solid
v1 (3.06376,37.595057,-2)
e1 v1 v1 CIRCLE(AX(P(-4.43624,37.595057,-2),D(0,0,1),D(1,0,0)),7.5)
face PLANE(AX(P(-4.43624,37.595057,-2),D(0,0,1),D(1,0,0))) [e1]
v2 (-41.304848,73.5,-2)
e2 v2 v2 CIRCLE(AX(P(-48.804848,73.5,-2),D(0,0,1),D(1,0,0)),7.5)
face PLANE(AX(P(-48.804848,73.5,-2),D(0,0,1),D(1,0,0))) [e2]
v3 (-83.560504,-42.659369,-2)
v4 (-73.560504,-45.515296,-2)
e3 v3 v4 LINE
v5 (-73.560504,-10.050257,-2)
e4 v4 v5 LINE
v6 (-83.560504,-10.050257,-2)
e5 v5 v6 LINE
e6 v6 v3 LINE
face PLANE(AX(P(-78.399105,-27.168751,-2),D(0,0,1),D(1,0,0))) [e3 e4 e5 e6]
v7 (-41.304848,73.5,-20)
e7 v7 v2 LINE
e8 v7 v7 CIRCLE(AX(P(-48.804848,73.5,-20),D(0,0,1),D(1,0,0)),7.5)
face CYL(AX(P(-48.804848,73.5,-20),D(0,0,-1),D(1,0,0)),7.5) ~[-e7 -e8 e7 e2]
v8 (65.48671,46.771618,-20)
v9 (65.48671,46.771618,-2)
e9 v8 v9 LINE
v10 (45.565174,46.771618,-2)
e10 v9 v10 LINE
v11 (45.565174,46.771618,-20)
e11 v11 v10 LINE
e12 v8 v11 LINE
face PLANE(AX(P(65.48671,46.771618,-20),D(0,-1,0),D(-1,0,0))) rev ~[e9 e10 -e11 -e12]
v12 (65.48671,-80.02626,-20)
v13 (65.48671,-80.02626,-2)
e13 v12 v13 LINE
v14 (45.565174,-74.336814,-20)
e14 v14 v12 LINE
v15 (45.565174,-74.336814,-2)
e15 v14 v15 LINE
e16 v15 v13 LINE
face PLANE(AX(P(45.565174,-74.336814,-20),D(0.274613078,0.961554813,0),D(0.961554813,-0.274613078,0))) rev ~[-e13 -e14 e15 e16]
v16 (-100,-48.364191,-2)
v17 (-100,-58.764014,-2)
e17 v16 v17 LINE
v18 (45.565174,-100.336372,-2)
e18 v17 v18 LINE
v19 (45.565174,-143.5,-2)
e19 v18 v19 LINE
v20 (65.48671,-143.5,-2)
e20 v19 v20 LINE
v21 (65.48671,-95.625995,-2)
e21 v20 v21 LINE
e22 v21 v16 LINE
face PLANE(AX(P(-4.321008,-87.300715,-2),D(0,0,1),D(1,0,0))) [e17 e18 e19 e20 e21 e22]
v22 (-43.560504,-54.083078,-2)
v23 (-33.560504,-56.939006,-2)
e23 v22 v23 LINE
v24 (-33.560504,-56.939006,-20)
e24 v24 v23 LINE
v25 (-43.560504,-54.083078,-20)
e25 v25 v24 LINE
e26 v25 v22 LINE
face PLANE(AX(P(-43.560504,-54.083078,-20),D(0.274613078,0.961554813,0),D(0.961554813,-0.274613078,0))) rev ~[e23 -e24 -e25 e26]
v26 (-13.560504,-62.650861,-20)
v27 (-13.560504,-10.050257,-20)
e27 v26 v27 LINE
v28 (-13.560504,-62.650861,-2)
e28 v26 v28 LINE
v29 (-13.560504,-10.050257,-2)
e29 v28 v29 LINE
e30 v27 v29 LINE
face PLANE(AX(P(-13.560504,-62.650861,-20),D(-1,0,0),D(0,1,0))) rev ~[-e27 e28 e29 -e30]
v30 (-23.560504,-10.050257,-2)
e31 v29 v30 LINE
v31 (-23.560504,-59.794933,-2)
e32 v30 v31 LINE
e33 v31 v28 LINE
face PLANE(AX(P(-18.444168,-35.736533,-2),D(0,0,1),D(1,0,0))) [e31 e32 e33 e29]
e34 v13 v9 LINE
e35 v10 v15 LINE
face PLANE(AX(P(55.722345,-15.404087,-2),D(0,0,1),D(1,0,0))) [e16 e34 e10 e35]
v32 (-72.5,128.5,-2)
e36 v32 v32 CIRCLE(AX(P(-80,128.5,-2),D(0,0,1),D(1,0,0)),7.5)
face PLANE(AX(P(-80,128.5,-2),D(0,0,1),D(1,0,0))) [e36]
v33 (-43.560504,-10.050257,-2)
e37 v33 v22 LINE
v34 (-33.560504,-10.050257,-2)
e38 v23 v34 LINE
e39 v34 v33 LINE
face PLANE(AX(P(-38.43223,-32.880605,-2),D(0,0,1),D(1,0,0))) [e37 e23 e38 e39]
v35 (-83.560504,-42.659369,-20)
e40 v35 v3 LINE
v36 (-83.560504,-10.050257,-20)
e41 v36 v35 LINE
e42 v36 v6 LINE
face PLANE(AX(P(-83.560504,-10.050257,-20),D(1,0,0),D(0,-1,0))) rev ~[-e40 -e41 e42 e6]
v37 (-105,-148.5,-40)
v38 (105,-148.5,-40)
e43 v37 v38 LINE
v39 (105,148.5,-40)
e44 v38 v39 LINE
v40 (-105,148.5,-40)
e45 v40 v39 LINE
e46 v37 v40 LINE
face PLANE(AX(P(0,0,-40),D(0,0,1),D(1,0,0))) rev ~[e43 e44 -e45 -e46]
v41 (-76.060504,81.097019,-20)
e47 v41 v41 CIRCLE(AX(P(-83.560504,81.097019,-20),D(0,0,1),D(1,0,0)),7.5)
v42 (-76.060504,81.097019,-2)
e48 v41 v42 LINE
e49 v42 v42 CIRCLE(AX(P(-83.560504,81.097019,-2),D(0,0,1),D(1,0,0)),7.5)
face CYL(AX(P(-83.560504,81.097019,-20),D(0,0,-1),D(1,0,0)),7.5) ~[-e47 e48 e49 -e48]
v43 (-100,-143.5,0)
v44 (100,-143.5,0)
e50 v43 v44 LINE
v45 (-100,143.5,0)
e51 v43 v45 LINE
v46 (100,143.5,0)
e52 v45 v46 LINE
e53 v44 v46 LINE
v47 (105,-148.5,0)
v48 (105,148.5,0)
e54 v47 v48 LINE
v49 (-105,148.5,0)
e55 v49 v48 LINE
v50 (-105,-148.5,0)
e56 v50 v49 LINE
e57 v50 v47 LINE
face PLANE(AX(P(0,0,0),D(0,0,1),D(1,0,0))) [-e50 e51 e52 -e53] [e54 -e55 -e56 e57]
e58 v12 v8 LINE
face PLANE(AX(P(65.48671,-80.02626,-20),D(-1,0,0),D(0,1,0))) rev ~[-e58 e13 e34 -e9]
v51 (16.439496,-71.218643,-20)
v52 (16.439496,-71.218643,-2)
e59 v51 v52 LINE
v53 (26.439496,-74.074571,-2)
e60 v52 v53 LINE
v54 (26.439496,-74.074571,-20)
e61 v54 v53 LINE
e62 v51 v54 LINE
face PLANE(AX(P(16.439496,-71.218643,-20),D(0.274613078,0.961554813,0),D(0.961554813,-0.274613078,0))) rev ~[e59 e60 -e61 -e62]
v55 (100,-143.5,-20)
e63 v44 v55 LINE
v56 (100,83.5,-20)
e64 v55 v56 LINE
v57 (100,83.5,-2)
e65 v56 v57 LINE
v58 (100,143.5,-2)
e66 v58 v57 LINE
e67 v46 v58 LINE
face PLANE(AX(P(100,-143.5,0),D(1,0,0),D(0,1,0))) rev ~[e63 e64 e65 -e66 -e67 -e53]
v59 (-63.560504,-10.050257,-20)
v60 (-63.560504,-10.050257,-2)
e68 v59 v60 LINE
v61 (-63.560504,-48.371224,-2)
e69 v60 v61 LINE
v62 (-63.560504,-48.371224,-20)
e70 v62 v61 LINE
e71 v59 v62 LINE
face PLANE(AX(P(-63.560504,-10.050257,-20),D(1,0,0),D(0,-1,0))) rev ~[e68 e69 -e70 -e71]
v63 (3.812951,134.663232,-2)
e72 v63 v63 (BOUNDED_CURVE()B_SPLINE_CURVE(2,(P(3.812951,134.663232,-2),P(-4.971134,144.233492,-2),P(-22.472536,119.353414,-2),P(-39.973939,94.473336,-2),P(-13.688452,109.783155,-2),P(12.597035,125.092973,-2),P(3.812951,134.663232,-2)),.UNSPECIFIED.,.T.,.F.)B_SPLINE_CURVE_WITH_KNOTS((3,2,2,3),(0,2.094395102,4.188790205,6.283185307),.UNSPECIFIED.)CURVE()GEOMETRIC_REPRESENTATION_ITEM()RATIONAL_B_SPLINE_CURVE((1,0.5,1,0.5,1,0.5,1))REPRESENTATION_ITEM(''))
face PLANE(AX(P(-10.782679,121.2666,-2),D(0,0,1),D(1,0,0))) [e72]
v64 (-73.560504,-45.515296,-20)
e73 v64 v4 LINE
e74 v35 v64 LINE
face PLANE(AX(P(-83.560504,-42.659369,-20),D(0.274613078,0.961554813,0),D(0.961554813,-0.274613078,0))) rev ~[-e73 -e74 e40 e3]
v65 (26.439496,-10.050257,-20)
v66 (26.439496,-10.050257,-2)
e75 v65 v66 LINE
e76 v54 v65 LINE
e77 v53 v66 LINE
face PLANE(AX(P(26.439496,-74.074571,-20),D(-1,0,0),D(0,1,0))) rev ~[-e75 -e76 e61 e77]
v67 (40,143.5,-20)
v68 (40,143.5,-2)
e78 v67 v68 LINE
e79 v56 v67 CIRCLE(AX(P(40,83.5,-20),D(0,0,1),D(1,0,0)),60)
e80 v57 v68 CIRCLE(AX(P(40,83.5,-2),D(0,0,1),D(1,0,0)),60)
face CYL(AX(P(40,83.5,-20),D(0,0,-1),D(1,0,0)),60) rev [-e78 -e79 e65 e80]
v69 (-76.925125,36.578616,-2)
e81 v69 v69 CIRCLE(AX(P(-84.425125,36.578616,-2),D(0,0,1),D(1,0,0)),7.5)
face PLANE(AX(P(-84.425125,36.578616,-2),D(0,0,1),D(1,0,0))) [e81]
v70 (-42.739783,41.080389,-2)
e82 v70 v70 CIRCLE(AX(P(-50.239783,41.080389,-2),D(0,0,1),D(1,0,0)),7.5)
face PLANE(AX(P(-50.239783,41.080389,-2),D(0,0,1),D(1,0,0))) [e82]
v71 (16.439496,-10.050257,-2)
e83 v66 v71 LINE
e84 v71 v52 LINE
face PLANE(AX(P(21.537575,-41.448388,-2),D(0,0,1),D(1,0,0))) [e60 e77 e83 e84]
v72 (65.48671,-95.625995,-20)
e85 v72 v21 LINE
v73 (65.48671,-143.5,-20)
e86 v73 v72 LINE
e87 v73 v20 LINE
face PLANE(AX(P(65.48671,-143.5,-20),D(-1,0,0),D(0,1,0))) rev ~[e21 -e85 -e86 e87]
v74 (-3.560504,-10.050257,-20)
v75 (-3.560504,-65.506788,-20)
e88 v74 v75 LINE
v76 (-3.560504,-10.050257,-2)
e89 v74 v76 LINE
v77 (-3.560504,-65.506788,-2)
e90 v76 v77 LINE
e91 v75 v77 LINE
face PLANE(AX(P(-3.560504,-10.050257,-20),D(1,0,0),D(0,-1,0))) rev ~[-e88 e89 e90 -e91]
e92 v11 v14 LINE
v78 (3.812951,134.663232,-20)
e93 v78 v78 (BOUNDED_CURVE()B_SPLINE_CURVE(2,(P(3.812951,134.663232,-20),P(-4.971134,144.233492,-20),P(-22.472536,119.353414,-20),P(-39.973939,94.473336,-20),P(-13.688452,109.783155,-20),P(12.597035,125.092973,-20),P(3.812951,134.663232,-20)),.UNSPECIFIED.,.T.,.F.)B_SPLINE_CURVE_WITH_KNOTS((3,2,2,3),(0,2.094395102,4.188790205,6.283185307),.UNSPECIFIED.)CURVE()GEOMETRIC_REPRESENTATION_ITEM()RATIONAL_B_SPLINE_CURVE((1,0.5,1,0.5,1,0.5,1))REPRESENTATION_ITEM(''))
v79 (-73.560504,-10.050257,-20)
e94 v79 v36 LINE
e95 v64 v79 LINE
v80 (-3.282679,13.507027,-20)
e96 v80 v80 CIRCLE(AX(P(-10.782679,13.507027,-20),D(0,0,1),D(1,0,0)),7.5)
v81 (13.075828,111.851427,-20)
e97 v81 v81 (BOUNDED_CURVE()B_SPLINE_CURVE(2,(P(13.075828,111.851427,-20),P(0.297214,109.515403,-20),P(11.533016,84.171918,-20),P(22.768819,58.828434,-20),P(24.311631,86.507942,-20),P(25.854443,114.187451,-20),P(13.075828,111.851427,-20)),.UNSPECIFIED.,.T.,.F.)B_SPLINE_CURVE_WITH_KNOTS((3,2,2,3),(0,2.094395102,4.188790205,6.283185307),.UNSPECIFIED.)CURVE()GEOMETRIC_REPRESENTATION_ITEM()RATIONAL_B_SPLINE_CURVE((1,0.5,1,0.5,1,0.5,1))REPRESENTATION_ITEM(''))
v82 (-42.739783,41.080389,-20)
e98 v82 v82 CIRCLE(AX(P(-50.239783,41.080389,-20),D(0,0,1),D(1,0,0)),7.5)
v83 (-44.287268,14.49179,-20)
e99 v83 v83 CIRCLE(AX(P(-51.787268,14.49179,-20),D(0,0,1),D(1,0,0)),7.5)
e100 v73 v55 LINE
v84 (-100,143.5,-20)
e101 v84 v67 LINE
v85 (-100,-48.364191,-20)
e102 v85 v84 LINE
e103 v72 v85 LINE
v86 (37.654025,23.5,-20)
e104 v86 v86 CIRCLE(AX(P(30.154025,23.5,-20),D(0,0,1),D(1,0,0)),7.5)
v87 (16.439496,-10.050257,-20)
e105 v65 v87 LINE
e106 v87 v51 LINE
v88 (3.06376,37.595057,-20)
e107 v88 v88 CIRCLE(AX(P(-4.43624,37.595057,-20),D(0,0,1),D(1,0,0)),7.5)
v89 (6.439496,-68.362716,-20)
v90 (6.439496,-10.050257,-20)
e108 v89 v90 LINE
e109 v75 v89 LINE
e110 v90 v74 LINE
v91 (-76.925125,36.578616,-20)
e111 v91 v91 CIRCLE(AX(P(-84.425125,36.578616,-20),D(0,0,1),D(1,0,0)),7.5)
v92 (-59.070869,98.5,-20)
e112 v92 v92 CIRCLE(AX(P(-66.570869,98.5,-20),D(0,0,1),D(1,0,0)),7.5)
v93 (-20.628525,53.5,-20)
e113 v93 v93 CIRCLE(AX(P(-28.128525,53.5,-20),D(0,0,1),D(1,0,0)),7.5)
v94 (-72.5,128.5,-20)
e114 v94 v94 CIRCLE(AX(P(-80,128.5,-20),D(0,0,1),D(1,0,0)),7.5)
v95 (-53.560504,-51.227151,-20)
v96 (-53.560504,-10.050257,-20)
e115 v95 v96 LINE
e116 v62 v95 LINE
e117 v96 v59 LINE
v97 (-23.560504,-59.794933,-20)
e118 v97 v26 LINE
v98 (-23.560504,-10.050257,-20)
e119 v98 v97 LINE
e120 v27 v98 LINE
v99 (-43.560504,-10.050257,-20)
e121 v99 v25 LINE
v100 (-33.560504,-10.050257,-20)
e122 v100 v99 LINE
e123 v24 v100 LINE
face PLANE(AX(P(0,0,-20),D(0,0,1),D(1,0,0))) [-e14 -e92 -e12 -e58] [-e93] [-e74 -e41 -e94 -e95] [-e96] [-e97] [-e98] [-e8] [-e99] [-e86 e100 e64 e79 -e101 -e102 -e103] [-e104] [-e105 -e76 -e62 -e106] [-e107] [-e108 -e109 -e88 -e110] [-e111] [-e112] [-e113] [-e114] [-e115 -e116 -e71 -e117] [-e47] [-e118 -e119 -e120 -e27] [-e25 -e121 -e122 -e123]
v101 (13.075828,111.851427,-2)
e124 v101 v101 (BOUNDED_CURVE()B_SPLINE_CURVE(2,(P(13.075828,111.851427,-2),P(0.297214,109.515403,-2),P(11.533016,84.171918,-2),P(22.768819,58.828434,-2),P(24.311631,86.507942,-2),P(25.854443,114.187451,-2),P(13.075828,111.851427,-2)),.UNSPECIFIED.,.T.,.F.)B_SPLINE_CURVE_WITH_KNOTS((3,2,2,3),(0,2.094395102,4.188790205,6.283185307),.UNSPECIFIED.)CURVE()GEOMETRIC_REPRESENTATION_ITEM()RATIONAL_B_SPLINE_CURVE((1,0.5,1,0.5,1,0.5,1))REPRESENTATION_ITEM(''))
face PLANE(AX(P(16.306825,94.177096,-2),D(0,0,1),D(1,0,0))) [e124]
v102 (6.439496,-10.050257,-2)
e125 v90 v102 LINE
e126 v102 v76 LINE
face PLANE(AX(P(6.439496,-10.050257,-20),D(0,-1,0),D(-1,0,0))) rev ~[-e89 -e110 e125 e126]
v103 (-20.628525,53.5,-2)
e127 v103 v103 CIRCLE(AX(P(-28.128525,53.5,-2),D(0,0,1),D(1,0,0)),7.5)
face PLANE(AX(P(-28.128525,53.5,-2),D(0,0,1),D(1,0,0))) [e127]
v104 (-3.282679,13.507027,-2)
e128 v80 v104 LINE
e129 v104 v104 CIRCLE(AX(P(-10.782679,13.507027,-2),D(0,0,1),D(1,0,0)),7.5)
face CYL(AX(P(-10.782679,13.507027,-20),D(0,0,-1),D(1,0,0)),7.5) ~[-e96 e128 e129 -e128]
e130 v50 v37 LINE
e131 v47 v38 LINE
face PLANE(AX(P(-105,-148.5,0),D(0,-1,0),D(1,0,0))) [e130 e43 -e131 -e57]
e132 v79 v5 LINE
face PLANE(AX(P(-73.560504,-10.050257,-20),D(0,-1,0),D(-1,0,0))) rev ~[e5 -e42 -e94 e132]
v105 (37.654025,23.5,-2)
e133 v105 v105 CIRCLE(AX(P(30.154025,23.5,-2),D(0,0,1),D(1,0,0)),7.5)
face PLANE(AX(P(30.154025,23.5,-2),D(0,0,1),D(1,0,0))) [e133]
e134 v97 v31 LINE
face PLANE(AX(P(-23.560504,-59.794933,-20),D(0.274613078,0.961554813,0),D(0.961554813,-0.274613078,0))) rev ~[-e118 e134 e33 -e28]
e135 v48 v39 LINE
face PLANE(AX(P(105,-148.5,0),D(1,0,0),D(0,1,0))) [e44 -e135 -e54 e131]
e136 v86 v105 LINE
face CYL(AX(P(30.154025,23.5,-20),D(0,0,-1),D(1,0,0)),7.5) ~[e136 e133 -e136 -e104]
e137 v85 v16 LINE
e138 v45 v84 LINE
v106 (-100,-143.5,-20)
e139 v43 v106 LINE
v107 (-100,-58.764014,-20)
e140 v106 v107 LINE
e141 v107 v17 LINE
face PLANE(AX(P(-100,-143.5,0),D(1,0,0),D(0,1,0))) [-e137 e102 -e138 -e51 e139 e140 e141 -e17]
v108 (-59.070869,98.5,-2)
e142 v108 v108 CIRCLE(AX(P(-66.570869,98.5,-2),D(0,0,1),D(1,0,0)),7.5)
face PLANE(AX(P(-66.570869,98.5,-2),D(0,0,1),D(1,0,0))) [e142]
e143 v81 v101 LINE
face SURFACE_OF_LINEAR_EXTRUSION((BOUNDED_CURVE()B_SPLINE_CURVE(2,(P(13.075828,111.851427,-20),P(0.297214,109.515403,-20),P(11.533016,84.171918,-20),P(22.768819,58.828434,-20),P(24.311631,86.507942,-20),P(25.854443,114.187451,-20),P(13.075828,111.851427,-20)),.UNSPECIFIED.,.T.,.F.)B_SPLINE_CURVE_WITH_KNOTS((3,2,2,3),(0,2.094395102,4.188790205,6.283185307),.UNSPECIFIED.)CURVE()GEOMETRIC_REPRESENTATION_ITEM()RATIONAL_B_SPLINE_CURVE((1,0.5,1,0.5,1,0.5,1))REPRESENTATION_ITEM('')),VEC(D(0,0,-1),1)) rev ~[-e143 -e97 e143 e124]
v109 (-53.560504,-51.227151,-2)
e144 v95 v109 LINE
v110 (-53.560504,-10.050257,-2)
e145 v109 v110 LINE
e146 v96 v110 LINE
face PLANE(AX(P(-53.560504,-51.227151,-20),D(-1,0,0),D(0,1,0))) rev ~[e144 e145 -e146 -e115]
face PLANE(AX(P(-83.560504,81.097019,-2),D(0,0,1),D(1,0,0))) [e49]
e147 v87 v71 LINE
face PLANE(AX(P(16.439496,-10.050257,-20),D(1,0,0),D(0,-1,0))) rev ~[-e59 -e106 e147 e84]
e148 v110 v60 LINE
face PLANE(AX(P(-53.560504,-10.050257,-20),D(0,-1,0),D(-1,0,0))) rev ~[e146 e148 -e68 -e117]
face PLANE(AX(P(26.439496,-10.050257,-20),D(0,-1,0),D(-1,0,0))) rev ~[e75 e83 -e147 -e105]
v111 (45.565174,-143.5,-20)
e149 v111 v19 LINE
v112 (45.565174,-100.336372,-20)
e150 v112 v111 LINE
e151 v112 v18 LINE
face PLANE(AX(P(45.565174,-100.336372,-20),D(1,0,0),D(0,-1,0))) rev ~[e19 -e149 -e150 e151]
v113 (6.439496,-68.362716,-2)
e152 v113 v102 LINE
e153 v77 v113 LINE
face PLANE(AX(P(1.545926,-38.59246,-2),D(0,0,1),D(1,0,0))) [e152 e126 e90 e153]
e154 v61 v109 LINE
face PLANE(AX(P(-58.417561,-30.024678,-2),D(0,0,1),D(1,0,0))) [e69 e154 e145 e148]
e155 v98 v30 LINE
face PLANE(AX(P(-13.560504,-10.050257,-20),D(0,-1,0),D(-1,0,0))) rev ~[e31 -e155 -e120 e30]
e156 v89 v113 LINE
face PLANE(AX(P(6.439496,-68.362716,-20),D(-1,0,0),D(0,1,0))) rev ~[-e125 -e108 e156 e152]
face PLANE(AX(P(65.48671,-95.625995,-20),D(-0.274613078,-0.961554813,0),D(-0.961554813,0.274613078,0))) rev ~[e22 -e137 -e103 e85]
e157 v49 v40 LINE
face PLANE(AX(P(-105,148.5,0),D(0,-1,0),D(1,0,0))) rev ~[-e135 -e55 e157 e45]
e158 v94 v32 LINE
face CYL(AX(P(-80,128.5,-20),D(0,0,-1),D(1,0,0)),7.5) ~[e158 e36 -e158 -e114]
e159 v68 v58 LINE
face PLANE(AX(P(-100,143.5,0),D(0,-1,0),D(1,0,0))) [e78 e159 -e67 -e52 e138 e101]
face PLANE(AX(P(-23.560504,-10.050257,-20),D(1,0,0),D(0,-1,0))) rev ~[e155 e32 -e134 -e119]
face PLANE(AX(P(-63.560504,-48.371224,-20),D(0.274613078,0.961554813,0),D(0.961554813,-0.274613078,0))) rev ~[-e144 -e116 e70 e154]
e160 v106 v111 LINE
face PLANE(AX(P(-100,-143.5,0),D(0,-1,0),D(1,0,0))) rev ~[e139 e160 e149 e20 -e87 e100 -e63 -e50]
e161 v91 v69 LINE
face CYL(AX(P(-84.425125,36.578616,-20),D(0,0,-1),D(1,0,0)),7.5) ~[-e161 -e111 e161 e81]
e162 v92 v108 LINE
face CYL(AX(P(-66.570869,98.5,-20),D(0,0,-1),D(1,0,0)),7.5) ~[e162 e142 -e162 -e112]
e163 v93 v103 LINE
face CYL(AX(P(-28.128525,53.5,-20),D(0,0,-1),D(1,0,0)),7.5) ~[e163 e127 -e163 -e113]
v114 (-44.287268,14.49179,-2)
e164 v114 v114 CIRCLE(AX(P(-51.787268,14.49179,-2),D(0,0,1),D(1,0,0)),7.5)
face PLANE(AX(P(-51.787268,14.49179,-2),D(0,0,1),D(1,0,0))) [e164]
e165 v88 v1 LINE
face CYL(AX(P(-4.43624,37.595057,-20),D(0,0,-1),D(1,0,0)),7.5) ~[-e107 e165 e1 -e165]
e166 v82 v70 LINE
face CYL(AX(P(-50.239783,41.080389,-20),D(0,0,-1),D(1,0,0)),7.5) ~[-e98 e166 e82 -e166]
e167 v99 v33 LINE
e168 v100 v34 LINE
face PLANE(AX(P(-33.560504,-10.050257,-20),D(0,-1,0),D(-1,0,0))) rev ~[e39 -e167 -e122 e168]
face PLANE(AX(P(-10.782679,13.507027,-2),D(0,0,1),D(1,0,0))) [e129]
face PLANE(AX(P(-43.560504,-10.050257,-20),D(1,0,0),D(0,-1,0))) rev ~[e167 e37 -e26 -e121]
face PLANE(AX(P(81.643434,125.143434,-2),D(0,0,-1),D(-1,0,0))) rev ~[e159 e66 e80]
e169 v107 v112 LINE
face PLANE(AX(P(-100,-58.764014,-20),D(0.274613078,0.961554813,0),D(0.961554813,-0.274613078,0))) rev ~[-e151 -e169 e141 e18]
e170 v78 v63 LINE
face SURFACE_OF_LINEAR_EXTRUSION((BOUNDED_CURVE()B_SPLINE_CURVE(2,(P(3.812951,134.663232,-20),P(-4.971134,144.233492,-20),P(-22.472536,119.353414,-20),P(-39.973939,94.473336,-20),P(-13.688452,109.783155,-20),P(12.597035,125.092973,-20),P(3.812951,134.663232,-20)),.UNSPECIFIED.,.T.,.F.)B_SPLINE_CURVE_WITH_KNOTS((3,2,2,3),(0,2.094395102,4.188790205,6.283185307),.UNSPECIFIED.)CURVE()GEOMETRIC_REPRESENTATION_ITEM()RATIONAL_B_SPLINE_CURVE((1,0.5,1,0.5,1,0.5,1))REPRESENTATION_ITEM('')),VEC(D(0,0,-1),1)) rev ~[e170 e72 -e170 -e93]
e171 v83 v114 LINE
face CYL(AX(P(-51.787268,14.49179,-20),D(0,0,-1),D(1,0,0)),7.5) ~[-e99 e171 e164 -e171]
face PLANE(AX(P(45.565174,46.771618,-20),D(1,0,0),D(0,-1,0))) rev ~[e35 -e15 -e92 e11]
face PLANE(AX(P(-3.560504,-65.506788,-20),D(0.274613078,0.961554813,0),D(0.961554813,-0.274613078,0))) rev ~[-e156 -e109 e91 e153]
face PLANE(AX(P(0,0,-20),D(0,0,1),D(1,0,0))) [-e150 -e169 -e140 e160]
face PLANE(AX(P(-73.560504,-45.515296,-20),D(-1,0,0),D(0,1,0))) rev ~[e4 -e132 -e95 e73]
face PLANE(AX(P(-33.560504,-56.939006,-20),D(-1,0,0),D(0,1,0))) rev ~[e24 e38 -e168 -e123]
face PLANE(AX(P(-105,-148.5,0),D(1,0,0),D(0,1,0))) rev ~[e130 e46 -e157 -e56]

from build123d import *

# Parameters (mm, degrees)
SKETCH_1_W          = 210
SKETCH_1_H          = 297
EXTRUDE_1_DEPTH     = 40
SKETCH_2_W          = 200
SKETCH_2_H          = 287
CUT_EXTRUDE_1_DEPTH = 20
SKETCH_3_R          = 7.5
EXTRUDE_2_DEPTH     = 18
EXTRUDE_3_DEPTH     = 18


with BuildPart() as part:
    # 草圖1 → 填料-伸長1 (new body)
    with BuildSketch(Plane.XY):
        Rectangle(SKETCH_1_W, SKETCH_1_H)
    extrude(amount=-EXTRUDE_1_DEPTH)

    # 草圖2 → 除料-伸長1 (cut)
    with BuildSketch(Plane.XY):
        Rectangle(SKETCH_2_W, SKETCH_2_H)
    extrude(amount=-CUT_EXTRUDE_1_DEPTH, mode=Mode.SUBTRACT)

    # 草圖3 → 填料-伸長2 (add)
    with BuildSketch(Plane.XY.offset(-20)):
        Polygon((45.565174328, -143.5), (65.486710308, -143.5), (65.486710308, -95.625994785), (-100, -48.364191076), (-100, -58.764014226), (45.565174328, -100.336371808), align=None)
        Polygon((65.486710308, -80.02626006), (65.486710308, 46.771617849), (45.565174328, 46.771617849), (45.565174328, -74.336813933), align=None)
        Polygon((16.43949597, -71.218643102), (26.43949597, -74.074570543), (26.43949597, -10.050257104), (16.43949597, -10.050257104), align=None)
        Polygon((-73.56050403, -10.050257104), (-83.56050403, -10.050257104), (-83.56050403, -42.659368692), (-73.56050403, -45.515296133), align=None)
        Polygon((-53.56050403, -10.050257104), (-63.56050403, -10.050257104), (-63.56050403, -48.371223574), (-53.56050403, -51.227151015), align=None)
        Polygon((-33.56050403, -56.939005897), (-33.56050403, -10.050257104), (-43.56050403, -10.050257104), (-43.56050403, -54.083078456), align=None)
        Polygon((-13.56050403, -62.650860779), (-13.56050403, -10.050257104), (-23.56050403, -10.050257104), (-23.56050403, -59.794933338), align=None)
        Polygon((6.43949597, -10.050257104), (-3.56050403, -10.050257104), (-3.56050403, -65.50678822), (6.43949597, -68.362715661), align=None)
        with Locations((-80, 128.5)):
            Circle(SKETCH_3_R)
        with Locations((-66.570869478, 98.5)):
            Circle(SKETCH_3_R)
        with Locations((-48.804847533, 73.5)):
            Circle(SKETCH_3_R)
        with Locations((-28.128524571, 53.5)):
            Circle(SKETCH_3_R)
        with Locations((30.154024986, 23.5)):
            Circle(SKETCH_3_R)
        with Locations((-4.436239635, 37.595056508)):
            Circle(SKETCH_3_R)
        with Locations((-83.56050403, 81.097019172)):
            Circle(SKETCH_3_R)
        with Locations((-50.239783165, 41.080389262)):
            Circle(SKETCH_3_R)
        with Locations((-10.782679355, 13.507027121)):
            Circle(SKETCH_3_R)
        with Locations((-84.425125003, 36.578615851)):
            Circle(SKETCH_3_R)
        with Locations((-51.787267775, 14.491790055)):
            Circle(SKETCH_3_R)
        with BuildLine():
            add(Edge.make_bspline(
                [(3.812950522, 134.663232329), (-4.971133753, 144.233491649), (-22.472536431, 119.353413889), (-39.973939109, 94.473336129), (-13.688452156, 109.783154569), (12.597034797, 125.092973009), (3.812950522, 134.663232329)],
                knots=[0, 0, 0, 2.094395102, 2.094395102, 4.188790205, 4.188790205, 6.283185307, 6.283185307, 6.283185307], degree=2, weights=[1, 0.5, 1, 0.5, 1, 0.5, 1]))
        make_face()
        with BuildLine():
            add(Edge.make_bspline(
                [(13.075828168, 111.85142679), (0.297213563, 109.515402653), (11.533016148, 84.171918363), (22.768818733, 58.828434072), (24.311630754, 86.5079425), (25.854442774, 114.187450927), (13.075828168, 111.85142679)],
                knots=[0, 0, 0, 2.094395102, 2.094395102, 4.188790205, 4.188790205, 6.283185307, 6.283185307, 6.283185307], degree=2, weights=[1, 0.5, 1, 0.5, 1, 0.5, 1]))
        make_face()
    extrude(amount=EXTRUDE_2_DEPTH)

    # 草圖4 → 填料-伸長3 (add)
    with BuildSketch(Plane.XY.offset(-20)):
        with BuildLine():
            Line((40, 143.5), (100, 143.5))
            Line((100, 143.5), (100, 83.5))
            ThreePointArc((100, 83.5), (82.426406871, 125.926406871), (40, 143.5))
        make_face()
    extrude(amount=EXTRUDE_3_DEPTH)


solid = part.part
